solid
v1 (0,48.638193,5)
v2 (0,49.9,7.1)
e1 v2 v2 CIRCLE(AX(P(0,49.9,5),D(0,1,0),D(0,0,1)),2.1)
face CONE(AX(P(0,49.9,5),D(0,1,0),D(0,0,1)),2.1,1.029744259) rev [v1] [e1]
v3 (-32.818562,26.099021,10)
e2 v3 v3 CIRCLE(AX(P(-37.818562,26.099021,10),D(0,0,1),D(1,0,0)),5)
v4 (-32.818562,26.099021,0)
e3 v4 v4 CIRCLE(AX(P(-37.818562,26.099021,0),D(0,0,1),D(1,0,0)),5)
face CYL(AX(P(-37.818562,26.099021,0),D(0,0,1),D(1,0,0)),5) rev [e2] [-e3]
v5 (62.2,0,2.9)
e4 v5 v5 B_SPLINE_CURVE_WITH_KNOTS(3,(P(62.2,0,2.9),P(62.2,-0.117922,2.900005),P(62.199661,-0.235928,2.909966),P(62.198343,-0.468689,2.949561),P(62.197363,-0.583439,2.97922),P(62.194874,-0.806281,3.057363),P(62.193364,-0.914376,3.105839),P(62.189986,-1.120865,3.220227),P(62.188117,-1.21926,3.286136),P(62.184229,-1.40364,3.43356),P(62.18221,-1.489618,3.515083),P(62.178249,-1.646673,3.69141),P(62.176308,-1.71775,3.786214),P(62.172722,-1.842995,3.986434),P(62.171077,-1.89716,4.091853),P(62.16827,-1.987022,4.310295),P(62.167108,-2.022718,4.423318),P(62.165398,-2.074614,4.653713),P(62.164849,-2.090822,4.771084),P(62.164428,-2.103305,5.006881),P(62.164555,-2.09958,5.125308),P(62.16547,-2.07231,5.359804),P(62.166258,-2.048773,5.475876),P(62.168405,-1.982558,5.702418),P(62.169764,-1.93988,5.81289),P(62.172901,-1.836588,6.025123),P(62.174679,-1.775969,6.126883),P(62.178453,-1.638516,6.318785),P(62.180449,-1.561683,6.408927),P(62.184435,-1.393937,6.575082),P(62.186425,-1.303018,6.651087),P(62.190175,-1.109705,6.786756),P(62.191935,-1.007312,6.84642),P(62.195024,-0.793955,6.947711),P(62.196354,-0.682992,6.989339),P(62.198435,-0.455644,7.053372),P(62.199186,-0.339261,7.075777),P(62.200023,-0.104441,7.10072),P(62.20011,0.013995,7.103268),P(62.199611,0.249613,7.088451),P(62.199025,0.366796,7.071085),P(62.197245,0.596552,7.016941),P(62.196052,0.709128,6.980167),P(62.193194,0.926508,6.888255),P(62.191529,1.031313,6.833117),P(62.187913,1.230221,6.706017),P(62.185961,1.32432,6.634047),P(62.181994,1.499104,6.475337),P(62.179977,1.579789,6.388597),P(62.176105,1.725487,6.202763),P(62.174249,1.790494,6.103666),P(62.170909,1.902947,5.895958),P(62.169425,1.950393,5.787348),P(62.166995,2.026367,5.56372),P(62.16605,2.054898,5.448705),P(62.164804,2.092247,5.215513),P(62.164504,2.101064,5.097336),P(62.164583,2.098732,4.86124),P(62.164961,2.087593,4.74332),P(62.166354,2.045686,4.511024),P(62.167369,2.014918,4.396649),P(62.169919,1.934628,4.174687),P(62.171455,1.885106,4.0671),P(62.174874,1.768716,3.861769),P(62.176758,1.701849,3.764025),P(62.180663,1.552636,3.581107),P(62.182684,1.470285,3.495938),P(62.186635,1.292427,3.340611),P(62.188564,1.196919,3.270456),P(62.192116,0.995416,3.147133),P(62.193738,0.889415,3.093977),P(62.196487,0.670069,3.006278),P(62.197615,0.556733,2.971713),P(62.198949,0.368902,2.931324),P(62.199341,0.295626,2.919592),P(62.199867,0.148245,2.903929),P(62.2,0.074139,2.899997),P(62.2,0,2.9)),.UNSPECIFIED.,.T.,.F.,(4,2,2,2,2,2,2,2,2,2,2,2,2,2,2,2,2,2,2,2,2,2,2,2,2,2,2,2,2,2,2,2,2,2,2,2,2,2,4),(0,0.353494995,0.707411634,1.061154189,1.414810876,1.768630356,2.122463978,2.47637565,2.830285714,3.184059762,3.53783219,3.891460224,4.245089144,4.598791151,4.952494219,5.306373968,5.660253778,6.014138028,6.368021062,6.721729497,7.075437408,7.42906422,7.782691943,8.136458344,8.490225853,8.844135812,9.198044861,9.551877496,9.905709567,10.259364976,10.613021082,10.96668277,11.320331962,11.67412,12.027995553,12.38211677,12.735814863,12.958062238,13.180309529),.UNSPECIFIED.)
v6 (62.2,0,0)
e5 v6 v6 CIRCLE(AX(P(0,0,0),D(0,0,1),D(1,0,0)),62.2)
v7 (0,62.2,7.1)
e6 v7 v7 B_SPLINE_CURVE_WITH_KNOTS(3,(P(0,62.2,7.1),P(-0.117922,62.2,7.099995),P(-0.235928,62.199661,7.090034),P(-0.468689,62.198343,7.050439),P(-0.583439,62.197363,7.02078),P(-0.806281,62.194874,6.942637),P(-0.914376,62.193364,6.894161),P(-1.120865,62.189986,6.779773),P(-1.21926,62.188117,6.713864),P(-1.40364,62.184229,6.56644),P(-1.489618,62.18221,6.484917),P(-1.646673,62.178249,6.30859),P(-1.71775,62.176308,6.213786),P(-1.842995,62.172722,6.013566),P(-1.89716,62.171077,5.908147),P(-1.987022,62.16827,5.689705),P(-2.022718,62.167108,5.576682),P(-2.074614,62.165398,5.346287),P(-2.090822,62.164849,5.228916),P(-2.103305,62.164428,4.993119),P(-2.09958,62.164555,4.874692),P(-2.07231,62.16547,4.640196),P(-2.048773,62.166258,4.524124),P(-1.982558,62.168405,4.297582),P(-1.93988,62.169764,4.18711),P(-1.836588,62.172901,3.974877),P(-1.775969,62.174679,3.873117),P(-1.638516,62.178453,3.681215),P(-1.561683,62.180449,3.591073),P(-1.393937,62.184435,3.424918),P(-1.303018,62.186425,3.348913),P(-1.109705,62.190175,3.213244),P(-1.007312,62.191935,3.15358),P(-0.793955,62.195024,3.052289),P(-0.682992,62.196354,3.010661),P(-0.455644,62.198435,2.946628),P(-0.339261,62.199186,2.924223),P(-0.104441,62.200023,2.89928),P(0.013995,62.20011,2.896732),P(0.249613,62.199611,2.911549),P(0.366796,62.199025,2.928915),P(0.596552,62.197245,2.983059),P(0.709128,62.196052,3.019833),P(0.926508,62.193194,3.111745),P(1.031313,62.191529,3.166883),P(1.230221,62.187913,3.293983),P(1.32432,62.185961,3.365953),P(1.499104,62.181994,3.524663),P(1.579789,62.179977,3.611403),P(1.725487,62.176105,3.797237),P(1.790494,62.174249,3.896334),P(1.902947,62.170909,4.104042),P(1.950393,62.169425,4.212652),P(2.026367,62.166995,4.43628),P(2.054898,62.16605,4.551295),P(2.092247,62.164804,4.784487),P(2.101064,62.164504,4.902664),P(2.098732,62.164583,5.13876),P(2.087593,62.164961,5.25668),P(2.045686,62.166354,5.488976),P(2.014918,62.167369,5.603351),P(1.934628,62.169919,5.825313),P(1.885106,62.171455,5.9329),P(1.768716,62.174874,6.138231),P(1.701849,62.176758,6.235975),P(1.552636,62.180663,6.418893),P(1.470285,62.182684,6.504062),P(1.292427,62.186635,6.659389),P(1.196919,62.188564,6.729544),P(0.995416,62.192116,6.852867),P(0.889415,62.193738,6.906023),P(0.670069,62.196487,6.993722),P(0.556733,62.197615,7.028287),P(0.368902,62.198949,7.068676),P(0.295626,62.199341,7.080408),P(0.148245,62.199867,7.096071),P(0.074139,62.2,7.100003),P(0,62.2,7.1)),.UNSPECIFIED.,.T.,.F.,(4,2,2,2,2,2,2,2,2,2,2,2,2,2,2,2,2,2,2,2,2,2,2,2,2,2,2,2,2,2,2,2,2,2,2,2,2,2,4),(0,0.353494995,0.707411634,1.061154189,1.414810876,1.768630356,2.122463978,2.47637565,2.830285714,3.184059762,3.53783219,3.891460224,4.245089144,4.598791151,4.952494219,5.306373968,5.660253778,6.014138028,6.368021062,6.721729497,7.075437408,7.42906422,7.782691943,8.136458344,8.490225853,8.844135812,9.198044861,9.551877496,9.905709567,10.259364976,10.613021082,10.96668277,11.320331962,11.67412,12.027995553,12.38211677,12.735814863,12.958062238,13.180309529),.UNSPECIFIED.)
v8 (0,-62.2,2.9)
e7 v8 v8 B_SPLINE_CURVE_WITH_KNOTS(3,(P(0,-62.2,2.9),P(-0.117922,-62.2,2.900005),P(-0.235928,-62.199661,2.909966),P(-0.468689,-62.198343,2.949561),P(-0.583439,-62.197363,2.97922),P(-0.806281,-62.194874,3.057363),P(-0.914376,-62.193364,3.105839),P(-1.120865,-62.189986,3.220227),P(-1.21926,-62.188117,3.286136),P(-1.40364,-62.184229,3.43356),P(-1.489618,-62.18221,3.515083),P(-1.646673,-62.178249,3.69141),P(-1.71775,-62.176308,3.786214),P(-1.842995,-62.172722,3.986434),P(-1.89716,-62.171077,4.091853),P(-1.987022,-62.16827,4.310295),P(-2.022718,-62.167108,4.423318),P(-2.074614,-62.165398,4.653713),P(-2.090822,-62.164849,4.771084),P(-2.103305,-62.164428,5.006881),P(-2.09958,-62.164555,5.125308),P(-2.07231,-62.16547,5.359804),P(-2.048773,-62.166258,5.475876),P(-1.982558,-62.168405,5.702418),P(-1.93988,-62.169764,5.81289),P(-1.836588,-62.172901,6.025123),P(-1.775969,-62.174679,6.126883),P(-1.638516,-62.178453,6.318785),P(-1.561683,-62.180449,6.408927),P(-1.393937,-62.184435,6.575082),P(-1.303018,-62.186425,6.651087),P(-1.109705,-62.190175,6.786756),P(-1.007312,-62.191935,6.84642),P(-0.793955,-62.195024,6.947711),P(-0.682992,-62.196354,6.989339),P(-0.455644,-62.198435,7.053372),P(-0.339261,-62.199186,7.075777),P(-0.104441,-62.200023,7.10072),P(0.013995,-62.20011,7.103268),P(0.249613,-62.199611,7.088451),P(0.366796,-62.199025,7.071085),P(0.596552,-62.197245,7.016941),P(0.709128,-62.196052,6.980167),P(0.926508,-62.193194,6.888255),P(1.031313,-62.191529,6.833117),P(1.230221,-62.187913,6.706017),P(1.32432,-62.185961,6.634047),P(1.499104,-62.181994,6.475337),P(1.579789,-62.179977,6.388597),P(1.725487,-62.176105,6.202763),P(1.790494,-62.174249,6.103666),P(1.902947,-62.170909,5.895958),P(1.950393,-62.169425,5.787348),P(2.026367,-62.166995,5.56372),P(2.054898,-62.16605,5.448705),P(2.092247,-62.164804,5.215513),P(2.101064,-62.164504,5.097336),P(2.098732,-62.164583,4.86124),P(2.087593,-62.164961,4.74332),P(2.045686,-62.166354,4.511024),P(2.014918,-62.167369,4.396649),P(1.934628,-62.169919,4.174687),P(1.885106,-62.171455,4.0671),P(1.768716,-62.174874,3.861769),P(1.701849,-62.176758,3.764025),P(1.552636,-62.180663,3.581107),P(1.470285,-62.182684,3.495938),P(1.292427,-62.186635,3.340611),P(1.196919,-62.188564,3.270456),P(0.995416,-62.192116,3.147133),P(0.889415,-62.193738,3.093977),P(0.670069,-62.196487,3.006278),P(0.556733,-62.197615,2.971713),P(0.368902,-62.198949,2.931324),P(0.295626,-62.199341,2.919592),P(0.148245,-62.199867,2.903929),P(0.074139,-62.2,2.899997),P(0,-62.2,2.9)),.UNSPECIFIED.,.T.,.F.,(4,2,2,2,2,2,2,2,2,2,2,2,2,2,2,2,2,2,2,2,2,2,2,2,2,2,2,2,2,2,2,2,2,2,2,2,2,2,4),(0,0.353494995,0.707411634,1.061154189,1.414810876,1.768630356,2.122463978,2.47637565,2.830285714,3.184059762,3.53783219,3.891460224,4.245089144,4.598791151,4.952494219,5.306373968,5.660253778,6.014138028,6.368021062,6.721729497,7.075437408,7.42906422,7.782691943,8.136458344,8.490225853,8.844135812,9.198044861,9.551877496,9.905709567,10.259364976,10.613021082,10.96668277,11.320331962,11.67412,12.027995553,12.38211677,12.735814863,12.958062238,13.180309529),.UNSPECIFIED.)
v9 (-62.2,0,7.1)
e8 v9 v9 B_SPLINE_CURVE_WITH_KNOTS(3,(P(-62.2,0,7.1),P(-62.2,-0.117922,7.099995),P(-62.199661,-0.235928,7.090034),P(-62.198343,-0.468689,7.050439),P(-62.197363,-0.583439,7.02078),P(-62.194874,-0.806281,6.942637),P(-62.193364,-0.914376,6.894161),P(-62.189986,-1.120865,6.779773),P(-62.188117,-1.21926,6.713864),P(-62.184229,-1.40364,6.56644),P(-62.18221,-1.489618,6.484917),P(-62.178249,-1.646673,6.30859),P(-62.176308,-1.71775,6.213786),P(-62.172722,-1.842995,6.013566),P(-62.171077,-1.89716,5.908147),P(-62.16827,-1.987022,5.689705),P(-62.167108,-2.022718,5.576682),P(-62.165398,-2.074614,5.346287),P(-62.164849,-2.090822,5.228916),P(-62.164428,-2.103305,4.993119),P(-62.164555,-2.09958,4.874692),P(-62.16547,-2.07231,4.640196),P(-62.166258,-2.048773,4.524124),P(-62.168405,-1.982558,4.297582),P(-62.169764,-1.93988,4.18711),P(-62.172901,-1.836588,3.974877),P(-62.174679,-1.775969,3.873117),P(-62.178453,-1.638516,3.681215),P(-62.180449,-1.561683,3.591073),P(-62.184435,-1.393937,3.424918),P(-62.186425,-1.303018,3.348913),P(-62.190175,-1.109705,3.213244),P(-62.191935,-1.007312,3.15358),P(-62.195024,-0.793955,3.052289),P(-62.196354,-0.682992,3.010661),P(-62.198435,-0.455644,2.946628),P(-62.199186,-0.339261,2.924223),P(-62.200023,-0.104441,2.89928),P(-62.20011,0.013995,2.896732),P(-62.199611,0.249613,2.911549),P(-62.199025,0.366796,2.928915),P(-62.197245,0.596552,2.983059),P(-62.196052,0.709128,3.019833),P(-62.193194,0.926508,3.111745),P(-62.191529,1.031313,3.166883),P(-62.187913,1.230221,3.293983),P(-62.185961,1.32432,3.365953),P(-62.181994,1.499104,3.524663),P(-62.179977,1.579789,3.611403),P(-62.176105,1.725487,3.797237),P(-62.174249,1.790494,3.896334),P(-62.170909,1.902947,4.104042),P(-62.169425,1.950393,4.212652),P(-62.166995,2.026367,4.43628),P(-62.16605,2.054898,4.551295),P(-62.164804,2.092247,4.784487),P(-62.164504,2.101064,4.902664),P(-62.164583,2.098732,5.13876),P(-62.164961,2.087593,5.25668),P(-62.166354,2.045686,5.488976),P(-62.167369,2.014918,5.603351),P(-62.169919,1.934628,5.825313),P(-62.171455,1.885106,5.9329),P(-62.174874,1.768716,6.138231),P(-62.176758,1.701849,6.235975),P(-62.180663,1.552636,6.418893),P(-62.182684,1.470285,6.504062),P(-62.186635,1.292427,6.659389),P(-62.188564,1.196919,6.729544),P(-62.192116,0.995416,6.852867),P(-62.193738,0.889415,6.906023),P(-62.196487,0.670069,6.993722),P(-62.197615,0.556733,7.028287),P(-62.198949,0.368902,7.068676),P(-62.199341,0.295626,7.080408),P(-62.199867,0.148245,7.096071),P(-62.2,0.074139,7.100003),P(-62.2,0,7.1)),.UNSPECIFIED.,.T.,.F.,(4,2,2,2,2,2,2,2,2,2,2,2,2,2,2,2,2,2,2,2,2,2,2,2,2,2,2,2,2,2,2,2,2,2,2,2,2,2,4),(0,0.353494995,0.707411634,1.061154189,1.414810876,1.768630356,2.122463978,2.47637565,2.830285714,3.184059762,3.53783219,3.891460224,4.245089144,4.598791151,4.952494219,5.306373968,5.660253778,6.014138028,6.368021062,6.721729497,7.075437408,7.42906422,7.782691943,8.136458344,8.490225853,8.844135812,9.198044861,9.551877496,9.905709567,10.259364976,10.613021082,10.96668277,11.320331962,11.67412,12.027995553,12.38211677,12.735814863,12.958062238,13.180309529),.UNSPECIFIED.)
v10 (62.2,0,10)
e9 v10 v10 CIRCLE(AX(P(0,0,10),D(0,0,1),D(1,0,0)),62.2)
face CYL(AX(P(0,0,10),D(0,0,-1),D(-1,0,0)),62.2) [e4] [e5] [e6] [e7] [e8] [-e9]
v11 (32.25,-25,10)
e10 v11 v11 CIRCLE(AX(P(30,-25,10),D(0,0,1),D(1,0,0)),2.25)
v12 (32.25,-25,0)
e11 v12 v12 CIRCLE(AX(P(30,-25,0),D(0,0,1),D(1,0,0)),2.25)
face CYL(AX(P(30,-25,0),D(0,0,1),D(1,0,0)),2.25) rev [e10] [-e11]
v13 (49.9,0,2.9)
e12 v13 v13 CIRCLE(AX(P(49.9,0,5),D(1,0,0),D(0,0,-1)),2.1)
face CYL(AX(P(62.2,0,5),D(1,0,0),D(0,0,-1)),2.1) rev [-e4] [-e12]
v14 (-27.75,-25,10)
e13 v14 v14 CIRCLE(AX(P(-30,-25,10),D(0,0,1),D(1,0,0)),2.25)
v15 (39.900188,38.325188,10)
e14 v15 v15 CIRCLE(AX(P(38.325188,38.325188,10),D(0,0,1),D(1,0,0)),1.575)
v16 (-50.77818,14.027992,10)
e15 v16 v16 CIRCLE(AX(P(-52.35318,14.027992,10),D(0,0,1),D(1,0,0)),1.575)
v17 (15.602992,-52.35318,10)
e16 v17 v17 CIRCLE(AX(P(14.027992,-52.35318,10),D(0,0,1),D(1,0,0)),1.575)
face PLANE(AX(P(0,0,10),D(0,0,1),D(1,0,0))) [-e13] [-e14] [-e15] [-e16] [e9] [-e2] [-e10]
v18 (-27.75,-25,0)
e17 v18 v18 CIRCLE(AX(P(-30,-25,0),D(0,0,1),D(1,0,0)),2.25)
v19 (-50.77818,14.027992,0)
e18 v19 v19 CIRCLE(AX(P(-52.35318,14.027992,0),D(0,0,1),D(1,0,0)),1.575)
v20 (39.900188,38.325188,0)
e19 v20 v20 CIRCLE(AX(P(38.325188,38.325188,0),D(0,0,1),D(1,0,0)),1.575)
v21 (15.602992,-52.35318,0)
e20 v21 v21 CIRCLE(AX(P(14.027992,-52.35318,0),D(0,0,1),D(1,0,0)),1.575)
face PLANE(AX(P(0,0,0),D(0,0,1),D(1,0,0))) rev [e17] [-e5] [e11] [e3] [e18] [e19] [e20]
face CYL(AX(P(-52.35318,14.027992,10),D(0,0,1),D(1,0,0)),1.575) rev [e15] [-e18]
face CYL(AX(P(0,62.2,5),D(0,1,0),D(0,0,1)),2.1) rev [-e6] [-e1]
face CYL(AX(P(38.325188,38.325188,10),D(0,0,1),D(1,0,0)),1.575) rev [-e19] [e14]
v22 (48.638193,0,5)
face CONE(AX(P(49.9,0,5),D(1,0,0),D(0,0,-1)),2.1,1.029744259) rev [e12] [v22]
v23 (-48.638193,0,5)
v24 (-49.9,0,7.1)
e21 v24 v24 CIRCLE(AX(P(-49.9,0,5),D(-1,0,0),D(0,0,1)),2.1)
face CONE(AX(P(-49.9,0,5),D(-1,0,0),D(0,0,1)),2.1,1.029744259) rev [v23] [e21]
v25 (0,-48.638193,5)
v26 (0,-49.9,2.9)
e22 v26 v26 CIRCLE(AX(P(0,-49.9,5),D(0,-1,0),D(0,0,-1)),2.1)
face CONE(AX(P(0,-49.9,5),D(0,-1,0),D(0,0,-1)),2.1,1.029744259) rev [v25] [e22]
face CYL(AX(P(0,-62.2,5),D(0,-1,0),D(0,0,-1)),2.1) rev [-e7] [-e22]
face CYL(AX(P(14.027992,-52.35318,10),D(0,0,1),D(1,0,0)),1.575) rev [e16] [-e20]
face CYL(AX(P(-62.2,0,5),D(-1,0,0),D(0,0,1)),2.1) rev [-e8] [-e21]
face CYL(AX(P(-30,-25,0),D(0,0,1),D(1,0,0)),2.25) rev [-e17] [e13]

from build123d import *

# Parameters (mm, degrees)
IZIM1_R                             = 62.2
Y_KSEKLIK_EKSTR_ZYON1_DEPTH         = 10
M3X0_5_HELISARMAL_IN_DI_LI_DELIK2_D = 3.15
DAIRESEL_KAPLAMA1_COUNT             = 3
IZIM5_R                             = 5
KES_EKSTR_ZYON1_DEPTH               = 10
IZIM6_R                             = 2.25
KES_EKSTR_ZYON2_DEPTH               = 10
DAIRESEL_KAPLAMA2_COUNT             = 4


with BuildPart() as part:
    # Çizim1 → Yükseklik-Ekstrüzyon1 (new body)
    with BuildSketch(Plane.XY):
        Circle(IZIM1_R)
    extrude(amount=Y_KSEKLIK_EKSTR_ZYON1_DEPTH)

    # M3x0.5 Helisarmal İçin Dişli Delik2 (through all)
    with Locations(Plane.XY.offset(10)):
        with Locations((38.32518754, 38.32518754)):
            m3x0_5_helisarmal_in_di_li_delik2 = Hole(M3X0_5_HELISARMAL_IN_DI_LI_DELIK2_D / 2)

    # Dairesel Kaplama1: M3x0.5 Helisarmal İçin Dişli Delik2 ×3 about axis
    dairesel_kaplama1_axis = Axis((0, 0, 0), (0, 0, 1))
    for i in range(1, DAIRESEL_KAPLAMA1_COUNT):
        add(m3x0_5_helisarmal_in_di_li_delik2.rotate(dairesel_kaplama1_axis, i * 360 / DAIRESEL_KAPLAMA1_COUNT), mode=Mode.SUBTRACT)

    # Çizim5 → Kes-Ekstrüzyon1 (cut)
    with BuildSketch(Plane.XY.offset(10)):
        with Locations((-37.818561572, 26.099021067)):
            Circle(IZIM5_R)
    extrude(amount=-KES_EKSTR_ZYON1_DEPTH, mode=Mode.SUBTRACT)

    # Çizim6 → Kes-Ekstrüzyon2 (cut)
    with BuildSketch(Plane.XY.offset(10)):
        with Locations((30, -25)):
            Circle(IZIM6_R)
        with Locations((-30, -25)):
            Circle(IZIM6_R)
    extrude(amount=-KES_EKSTR_ZYON2_DEPTH, mode=Mode.SUBTRACT)

    # Çizim10 → M4x0.7 Helisarmal İçin Dişli Delik4 (revolve, cut)
    with BuildSketch(Plane(origin=(0, 62.2, 5), x_dir=(0, 0, 1), z_dir=(1, 0, 0))):
        Polygon((0, 0), (0, 13.5618073), (2.1, 12.3), (2.1, 0), align=None)
    m4x0_7_helisarmal_in_di_li_delik4 = revolve(axis=Axis((0, 68.55, 5), (0, -1, 0)), mode=Mode.SUBTRACT)

    # Dairesel Kaplama2: M4x0.7 Helisarmal İçin Dişli Delik4 ×4 about axis
    dairesel_kaplama2_axis = Axis((0, 0, 0), (0, 0, 1))
    for i in range(1, DAIRESEL_KAPLAMA2_COUNT):
        add(m4x0_7_helisarmal_in_di_li_delik4.rotate(dairesel_kaplama2_axis, i * 360 / DAIRESEL_KAPLAMA2_COUNT), mode=Mode.SUBTRACT)


solid = part.part
